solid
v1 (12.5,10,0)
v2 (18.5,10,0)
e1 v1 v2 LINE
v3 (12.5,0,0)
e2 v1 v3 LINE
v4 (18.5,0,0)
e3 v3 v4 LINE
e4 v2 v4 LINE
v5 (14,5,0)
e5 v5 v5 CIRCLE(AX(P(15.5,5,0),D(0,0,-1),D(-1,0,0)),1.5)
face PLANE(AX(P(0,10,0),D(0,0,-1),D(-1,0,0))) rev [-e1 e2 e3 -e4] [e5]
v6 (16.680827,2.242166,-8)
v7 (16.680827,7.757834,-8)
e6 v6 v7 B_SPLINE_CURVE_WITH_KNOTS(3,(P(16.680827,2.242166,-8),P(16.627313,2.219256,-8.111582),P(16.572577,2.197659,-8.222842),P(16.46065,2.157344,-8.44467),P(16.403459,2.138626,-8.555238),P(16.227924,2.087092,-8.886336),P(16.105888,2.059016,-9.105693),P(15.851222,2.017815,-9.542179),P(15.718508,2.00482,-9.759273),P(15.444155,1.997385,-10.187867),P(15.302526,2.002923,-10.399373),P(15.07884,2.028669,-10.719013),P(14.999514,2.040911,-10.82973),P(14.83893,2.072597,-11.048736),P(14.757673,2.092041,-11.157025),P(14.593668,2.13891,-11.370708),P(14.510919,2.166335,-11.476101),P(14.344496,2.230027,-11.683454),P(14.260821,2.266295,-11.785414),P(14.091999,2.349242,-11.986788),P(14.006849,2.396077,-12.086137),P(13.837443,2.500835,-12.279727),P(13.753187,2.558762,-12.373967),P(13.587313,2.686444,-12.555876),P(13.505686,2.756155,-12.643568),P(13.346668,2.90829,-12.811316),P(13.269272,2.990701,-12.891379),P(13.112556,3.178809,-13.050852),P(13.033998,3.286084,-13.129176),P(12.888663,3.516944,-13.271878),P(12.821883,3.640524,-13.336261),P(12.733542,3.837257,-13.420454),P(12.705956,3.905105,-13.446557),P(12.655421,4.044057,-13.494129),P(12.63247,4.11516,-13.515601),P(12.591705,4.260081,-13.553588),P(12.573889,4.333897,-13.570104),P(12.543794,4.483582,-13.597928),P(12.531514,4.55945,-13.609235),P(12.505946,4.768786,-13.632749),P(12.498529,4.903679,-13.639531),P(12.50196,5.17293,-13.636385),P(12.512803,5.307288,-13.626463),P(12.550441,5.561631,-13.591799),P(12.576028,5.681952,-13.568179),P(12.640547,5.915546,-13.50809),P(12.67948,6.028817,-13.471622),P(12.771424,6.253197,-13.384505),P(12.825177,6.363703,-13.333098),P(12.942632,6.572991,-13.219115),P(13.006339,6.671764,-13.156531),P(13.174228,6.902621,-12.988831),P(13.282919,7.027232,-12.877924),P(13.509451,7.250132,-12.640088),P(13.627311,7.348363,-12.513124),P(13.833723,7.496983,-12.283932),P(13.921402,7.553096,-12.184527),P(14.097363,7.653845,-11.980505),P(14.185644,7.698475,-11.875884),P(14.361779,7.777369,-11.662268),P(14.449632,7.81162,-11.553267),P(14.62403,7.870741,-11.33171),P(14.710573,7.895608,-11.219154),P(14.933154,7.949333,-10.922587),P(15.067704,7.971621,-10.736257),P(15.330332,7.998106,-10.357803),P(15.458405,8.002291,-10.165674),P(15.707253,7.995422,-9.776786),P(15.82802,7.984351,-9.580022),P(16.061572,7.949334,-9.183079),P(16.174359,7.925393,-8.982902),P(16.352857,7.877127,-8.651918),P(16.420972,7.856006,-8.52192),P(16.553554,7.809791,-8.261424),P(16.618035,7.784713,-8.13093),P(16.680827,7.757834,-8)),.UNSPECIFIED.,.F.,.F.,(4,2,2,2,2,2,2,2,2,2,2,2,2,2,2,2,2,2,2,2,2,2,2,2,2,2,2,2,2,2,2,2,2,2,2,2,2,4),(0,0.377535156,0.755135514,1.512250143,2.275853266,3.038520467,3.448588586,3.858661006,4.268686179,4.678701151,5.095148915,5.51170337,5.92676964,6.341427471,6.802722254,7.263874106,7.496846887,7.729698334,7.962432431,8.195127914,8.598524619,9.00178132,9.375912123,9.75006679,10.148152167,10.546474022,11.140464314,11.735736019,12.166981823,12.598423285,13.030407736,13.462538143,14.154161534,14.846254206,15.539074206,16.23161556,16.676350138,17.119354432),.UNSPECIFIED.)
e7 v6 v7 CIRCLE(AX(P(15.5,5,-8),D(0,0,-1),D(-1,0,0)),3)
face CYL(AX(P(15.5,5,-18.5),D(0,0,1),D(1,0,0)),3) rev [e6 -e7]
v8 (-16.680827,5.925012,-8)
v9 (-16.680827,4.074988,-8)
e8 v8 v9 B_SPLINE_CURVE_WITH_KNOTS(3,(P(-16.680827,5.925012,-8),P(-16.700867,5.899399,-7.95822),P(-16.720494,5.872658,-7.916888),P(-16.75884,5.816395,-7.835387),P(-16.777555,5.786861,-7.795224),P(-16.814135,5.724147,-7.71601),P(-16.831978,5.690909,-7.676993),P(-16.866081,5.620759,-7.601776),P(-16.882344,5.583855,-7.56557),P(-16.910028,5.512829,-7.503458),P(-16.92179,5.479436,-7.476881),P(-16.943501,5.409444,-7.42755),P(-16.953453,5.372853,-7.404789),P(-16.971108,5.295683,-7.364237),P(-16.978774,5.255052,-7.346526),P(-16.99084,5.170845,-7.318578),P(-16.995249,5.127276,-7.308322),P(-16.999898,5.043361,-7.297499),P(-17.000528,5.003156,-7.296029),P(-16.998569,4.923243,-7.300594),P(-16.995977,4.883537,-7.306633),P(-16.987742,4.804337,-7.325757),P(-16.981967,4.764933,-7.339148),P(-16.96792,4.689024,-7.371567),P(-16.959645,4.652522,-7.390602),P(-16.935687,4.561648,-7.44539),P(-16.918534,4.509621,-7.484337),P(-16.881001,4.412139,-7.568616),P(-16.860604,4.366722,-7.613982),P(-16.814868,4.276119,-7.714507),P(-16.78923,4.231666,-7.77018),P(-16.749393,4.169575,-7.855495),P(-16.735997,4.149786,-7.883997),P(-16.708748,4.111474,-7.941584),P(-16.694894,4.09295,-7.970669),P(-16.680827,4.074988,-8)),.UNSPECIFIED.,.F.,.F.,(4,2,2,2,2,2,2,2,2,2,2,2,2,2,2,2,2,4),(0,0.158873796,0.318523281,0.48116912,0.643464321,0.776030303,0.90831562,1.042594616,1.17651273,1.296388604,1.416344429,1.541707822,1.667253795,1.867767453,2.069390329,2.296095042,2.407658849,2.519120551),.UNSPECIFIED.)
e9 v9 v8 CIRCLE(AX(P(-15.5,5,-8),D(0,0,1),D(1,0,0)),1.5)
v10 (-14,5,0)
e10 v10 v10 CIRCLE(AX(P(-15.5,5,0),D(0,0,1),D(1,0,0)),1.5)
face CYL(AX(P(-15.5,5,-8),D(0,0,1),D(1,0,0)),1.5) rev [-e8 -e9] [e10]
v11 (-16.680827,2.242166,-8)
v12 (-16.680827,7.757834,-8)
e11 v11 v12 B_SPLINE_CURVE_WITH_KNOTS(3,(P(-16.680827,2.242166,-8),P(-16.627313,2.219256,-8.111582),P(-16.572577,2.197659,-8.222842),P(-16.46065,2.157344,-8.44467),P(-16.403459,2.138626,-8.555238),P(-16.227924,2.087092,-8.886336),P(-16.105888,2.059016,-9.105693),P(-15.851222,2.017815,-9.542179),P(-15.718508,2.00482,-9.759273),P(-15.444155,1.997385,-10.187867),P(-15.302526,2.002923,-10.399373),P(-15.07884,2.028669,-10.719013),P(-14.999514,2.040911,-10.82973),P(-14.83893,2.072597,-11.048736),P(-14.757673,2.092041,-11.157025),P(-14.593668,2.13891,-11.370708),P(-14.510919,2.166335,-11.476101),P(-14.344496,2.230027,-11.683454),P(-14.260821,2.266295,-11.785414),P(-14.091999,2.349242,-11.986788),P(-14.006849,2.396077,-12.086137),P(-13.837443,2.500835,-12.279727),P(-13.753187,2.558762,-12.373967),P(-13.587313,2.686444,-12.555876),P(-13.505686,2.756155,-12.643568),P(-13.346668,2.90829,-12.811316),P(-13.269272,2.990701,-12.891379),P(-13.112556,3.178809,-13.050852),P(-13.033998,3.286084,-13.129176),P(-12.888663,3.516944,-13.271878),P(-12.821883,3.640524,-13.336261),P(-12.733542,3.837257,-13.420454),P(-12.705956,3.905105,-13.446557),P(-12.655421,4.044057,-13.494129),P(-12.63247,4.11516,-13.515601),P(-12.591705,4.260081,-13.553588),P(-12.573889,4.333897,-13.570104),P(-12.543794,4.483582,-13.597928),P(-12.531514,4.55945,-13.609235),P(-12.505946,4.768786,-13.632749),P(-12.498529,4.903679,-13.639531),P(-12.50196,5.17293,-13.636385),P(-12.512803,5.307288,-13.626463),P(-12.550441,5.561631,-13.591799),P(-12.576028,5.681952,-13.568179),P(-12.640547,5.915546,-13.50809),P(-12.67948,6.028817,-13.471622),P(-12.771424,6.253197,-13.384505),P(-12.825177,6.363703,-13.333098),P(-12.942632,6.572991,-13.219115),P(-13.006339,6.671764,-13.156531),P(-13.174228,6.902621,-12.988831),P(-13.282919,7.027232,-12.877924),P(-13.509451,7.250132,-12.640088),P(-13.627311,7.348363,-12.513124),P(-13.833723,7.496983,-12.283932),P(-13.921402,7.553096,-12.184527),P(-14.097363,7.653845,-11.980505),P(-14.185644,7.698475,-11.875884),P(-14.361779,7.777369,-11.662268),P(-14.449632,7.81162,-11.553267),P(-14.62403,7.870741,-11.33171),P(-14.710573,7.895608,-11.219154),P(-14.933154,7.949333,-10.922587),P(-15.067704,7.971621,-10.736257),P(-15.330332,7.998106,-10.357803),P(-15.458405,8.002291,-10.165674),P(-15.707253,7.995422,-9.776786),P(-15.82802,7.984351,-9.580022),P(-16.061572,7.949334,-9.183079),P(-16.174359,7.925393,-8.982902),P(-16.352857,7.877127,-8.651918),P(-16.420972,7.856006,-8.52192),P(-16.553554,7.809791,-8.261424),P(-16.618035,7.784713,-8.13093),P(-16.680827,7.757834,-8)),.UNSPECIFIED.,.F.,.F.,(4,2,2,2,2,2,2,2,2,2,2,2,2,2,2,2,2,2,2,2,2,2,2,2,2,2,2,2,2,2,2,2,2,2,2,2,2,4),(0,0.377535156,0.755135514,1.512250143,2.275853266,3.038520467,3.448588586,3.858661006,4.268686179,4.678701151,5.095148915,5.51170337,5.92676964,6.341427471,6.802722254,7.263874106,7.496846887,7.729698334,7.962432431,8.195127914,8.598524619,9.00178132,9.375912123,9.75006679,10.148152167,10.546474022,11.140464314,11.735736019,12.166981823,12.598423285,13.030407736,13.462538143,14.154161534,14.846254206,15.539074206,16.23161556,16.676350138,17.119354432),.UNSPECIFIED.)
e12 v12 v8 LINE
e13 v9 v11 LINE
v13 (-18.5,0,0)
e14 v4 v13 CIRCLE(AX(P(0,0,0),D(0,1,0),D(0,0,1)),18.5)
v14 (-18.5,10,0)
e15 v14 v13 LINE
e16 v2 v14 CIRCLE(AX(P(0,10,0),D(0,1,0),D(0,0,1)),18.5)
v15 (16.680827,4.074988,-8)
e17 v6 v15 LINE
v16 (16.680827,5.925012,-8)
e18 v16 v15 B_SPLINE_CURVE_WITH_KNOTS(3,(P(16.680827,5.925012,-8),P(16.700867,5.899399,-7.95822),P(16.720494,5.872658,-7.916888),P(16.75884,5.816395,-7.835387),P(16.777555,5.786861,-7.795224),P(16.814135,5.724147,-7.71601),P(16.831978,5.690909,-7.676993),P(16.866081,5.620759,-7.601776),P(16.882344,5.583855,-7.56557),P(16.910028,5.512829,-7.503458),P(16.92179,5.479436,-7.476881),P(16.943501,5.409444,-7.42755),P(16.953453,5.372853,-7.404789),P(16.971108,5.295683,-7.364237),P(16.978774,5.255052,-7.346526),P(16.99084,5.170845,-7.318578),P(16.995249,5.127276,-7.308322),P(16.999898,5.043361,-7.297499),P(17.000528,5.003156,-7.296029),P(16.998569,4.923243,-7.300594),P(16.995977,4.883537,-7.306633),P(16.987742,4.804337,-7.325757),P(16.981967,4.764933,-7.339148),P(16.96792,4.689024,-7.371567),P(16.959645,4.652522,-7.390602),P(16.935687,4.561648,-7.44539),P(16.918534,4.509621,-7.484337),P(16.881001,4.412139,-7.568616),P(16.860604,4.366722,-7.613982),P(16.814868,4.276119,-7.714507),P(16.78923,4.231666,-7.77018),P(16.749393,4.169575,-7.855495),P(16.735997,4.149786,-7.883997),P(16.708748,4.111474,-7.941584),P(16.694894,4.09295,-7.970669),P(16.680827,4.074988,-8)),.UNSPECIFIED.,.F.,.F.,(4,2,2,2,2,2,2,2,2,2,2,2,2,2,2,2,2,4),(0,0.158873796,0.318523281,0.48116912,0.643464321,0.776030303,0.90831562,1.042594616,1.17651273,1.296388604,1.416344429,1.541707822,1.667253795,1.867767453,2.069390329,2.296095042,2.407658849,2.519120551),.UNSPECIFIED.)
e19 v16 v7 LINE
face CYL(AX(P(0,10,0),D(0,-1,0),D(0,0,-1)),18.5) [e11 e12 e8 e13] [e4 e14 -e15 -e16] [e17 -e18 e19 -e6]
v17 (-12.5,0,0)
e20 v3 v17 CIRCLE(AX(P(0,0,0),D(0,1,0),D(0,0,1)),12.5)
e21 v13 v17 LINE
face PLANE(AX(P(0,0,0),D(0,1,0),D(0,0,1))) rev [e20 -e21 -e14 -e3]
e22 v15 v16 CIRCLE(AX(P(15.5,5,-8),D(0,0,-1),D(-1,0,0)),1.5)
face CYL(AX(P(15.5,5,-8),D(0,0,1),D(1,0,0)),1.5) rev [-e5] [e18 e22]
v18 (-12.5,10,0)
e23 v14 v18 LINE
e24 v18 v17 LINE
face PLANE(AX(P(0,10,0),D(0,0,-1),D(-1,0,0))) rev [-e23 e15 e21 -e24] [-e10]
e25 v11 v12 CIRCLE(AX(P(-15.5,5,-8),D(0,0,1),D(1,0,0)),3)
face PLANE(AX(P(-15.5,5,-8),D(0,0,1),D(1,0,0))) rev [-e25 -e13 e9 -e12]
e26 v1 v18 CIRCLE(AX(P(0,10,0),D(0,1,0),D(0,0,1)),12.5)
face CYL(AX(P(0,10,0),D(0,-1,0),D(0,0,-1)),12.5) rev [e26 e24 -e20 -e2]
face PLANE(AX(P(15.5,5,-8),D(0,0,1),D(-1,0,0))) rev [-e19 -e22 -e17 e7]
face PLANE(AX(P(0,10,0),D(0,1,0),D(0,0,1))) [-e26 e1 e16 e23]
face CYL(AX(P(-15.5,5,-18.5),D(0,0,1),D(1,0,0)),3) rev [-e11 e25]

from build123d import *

# Parameters (mm, degrees)
BOSS_EXTRUDE1_DEPTH = 10
SKETCH2_R           = 1.5
CUT_EXTRUDE1_DEPTH  = 8
SKETCH3_R           = 3
CUT_EXTRUDE2_DEPTH  = 24.505318713


with BuildPart() as part:
    # Sketch1 → Boss-Extrude1 (new body)
    with BuildSketch(Plane(origin=(0, 0, 0), x_dir=(1, 0, 0), z_dir=(0, 1, 0))):
        with BuildLine():
            ThreePointArc((-12.5, 0), (0, 12.5), (12.5, 0))
            Line((12.5, 0), (18.5, 0))
            ThreePointArc((18.5, 0), (0, 18.5), (-18.5, 0))
            Line((-18.5, 0), (-12.5, 0))
        make_face()
    extrude(amount=BOSS_EXTRUDE1_DEPTH)

    # Sketch2 → Cut-Extrude1 (cut)
    with BuildSketch(Plane.XY):
        with Locations((-15.5, 5)):
            Circle(SKETCH2_R)
    cut_extrude1 = extrude(amount=-CUT_EXTRUDE1_DEPTH, mode=Mode.SUBTRACT)

    # Sketch3 → Cut-Extrude2 (cut, through all)
    with BuildSketch(Plane.XY.offset(-8)):
        with Locations((-15.5, 5)):
            Circle(SKETCH3_R)
    cut_extrude2 = extrude(amount=-CUT_EXTRUDE2_DEPTH, mode=Mode.SUBTRACT)

    # Mirror1: Cut-Extrude1, Cut-Extrude2 across plane
    add(cut_extrude1.mirror(Plane(origin=(0, 0, 0), x_dir=(0, 0, 1), z_dir=(1, 0, 0))), mode=Mode.SUBTRACT)
    add(cut_extrude2.mirror(Plane(origin=(0, 0, 0), x_dir=(0, 0, 1), z_dir=(1, 0, 0))), mode=Mode.SUBTRACT)


solid = part.part
